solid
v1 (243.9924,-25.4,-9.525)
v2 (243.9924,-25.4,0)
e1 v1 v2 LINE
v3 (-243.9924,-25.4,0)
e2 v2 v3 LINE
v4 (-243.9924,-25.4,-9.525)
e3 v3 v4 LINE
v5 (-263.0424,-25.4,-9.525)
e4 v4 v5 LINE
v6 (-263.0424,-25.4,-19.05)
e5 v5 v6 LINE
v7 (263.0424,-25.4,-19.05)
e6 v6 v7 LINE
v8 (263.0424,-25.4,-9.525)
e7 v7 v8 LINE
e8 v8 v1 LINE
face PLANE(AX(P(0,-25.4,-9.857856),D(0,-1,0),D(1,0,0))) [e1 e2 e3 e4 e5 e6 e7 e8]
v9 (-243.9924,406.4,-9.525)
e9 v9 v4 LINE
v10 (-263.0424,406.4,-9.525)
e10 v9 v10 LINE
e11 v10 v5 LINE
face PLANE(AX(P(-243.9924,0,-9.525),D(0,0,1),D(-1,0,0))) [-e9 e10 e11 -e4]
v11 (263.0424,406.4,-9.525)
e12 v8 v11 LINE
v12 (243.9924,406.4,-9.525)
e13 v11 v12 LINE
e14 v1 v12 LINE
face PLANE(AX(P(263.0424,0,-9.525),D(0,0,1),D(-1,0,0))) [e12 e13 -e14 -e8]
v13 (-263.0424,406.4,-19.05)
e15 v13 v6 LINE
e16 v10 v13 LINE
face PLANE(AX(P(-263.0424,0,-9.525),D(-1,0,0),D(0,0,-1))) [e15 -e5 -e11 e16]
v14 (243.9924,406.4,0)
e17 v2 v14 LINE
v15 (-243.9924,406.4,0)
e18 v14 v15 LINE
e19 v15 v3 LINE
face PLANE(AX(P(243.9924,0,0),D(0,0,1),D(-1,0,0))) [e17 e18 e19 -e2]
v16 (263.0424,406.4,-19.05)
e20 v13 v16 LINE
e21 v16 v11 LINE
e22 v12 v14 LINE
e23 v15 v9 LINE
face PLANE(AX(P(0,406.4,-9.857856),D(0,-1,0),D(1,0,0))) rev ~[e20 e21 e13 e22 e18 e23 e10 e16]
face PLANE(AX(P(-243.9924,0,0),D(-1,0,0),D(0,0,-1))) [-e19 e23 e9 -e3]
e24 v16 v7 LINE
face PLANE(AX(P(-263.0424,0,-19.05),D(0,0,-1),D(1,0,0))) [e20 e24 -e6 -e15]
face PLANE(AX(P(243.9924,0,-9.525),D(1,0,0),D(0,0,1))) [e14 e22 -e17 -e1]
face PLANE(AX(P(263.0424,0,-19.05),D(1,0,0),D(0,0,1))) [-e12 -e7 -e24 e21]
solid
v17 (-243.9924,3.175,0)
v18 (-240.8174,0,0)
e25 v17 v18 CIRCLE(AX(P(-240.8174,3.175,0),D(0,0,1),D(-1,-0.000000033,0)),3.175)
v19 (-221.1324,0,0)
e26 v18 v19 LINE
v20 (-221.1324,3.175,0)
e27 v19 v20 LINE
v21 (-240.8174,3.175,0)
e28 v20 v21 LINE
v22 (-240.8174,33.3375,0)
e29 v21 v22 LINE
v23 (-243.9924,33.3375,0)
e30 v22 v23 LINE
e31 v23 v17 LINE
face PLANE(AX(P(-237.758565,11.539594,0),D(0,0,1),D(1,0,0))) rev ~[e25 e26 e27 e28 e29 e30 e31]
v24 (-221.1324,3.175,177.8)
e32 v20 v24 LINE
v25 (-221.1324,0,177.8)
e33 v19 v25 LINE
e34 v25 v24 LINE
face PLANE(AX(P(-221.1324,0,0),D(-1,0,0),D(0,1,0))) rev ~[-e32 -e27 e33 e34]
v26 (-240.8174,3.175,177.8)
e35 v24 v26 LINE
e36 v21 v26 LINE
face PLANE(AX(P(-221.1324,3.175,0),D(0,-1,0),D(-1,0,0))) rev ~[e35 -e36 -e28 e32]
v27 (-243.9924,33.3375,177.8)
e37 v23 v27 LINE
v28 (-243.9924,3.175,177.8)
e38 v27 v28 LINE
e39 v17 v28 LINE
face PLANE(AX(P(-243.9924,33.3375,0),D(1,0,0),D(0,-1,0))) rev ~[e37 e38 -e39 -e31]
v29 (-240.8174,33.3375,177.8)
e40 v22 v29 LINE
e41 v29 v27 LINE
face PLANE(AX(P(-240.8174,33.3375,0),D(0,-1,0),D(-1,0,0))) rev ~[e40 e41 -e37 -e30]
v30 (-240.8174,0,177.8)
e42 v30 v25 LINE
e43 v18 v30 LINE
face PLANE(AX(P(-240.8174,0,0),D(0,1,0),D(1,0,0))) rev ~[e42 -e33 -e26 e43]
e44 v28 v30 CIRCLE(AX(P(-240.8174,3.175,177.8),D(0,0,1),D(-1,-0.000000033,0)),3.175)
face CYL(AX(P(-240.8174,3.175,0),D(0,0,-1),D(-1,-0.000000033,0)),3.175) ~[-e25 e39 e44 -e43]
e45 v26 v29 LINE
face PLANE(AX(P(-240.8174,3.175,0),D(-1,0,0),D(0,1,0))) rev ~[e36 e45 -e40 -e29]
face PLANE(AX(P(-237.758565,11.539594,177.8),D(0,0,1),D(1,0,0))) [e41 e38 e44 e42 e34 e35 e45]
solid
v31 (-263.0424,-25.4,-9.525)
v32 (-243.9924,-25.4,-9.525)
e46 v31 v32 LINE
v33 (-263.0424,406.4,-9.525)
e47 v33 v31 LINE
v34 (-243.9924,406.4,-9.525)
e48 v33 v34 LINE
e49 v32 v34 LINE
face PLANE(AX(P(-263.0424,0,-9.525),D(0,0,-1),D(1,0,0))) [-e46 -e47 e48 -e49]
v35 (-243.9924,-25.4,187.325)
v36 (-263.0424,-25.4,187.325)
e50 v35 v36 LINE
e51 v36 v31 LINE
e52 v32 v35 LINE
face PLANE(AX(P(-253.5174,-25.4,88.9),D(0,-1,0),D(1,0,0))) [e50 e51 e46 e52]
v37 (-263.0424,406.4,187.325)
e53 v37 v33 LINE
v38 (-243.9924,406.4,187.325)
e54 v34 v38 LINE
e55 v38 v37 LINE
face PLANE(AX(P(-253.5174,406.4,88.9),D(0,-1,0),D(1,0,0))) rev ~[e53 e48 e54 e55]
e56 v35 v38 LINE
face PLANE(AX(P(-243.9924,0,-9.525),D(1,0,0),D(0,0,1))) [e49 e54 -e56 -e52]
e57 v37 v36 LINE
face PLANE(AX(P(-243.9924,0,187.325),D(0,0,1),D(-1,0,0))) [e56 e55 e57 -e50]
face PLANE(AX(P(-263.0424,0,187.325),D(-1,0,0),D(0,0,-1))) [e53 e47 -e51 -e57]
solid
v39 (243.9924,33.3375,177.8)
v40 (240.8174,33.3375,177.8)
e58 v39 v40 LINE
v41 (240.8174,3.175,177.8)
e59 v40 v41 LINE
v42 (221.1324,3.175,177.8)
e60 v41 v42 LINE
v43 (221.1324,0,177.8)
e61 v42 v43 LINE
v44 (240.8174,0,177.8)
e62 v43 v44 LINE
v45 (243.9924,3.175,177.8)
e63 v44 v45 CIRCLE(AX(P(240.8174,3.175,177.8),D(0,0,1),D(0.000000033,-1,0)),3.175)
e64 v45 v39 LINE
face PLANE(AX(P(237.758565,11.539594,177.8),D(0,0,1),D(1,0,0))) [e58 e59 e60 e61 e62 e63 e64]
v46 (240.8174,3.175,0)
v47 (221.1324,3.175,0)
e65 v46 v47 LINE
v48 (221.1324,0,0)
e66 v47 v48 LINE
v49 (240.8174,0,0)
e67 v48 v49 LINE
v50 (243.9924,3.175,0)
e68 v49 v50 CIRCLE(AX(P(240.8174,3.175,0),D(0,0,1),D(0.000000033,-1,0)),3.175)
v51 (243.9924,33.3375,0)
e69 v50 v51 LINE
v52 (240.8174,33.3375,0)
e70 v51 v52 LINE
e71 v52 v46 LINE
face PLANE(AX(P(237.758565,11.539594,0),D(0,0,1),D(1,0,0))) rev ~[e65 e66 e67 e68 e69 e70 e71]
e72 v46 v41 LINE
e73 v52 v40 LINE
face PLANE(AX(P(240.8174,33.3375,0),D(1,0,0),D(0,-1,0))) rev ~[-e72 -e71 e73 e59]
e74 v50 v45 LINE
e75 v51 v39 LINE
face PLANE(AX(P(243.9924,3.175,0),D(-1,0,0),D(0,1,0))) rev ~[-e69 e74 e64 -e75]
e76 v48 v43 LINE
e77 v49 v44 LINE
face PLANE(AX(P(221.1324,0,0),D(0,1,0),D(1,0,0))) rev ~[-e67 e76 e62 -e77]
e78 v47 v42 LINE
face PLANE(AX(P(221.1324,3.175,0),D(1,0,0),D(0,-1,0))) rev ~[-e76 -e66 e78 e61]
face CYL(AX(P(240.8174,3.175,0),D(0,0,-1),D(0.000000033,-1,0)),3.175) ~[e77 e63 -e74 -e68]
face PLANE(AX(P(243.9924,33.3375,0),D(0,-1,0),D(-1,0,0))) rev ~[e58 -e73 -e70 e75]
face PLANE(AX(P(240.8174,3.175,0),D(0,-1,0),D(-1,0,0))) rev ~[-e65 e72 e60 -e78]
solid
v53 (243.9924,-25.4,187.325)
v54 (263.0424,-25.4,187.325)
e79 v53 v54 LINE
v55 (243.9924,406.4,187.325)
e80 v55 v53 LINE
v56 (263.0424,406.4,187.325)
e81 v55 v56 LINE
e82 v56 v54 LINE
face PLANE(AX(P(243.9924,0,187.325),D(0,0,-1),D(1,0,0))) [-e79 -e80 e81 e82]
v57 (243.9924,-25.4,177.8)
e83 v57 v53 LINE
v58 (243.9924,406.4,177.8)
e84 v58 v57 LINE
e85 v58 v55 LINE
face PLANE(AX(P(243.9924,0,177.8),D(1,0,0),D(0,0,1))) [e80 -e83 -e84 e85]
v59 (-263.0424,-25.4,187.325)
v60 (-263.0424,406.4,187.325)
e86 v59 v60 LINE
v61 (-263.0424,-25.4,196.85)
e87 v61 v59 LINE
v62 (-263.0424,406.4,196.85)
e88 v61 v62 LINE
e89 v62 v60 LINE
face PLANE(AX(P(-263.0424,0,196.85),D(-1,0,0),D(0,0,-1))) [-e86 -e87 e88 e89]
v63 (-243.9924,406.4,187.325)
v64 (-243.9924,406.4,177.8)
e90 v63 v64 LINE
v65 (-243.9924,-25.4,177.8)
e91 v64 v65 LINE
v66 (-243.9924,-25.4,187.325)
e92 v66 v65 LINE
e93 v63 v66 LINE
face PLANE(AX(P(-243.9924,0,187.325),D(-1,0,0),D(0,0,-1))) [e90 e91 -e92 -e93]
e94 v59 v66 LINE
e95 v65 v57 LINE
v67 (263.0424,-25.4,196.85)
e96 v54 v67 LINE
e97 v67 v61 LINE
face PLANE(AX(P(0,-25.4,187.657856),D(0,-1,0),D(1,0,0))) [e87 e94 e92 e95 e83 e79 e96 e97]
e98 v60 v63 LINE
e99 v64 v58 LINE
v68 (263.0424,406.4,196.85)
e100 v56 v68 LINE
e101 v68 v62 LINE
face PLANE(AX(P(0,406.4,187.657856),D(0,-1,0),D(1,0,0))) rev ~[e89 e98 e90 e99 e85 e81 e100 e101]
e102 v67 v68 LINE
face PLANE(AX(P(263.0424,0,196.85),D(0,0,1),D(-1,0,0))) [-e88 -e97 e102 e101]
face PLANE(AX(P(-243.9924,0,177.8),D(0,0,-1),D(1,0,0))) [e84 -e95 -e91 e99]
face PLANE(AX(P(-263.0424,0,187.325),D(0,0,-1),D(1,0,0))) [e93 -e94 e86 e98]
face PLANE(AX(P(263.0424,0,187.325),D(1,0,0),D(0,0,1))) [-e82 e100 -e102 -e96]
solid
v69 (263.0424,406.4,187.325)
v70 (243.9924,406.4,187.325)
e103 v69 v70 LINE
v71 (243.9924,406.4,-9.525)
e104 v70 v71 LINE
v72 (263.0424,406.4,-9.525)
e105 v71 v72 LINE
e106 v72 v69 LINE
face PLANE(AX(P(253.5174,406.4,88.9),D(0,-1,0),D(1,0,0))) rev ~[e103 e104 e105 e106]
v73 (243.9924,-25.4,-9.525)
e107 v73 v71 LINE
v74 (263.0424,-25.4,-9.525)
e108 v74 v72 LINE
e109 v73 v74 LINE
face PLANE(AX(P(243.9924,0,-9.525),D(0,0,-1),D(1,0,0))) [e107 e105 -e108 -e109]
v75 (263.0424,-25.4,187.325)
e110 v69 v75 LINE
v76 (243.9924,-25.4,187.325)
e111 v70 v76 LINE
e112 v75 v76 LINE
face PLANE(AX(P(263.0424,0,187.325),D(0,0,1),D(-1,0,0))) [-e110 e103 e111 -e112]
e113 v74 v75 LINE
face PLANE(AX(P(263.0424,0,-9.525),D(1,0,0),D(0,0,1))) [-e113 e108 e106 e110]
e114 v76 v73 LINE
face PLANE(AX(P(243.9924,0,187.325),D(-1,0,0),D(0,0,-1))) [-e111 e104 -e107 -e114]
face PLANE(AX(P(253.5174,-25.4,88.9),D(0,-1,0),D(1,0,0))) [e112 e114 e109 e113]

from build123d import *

# Parameters (mm, degrees)
F1_DEPTH      = 177.8
F3_DEPTH      = 25.4
F3_DEPTH_BACK = 406.4
F5_DEPTH      = 25.4
F5_DEPTH_BACK = 406.4


with BuildPart() as f1:
    # F0 (on Top) → F1 (new body)
    with BuildSketch(Plane.XY):
        with BuildLine():
            Line((-243.9924, 33.3375), (-243.9924, 3.175))
            ThreePointArc((-243.9924, 3.175), (-243.062464, 0.929936), (-240.8174, 0))
            Line((-240.8174, 0), (-221.1324, 0))
            Line((-221.1324, 0), (-221.1324, 3.175))
            Line((-221.1324, 3.175), (-240.8174, 3.175))
            Line((-240.8174, 3.175), (-240.8174, 33.3375))
            Line((-240.8174, 33.3375), (-243.9924, 33.3375))
        make_face()
        with BuildLine():
            ThreePointArc((240.8174, 0), (243.062464, 0.929936), (243.9924, 3.175))
            Line((243.9924, 3.175), (243.9924, 33.3375))
            Line((243.9924, 33.3375), (240.8174, 33.3375))
            Line((240.8174, 33.3375), (240.8174, 3.175))
            Line((240.8174, 3.175), (221.1324, 3.175))
            Line((221.1324, 3.175), (221.1324, 0))
            Line((221.1324, 0), (240.8174, 0))
        make_face()
    extrude(amount=F1_DEPTH)


with BuildPart() as f3:
    # F2 (on Front) → F3 (new body, two sides)
    with BuildSketch(Plane.XZ) as f3_sk:
        Polygon((-243.9924, 0), (-243.9924, 177.8), (-243.9924, 187.325), (-263.0424, 187.325), (-263.0424, 177.8), (-263.0424, 0), (-263.0424, -9.525), (-243.9924, -9.525), align=None)
        Polygon((263.0424, -9.525), (263.0424, 0), (263.0424, 177.8), (263.0424, 187.325), (243.9924, 187.325), (243.9924, 177.8), (243.9924, 0), (243.9924, -9.525), align=None)
    extrude(amount=F3_DEPTH)
    extrude(f3_sk.sketch, amount=-F3_DEPTH_BACK)


with BuildPart() as f5:
    # F4 (on Front) → F5 (new body, two sides)
    with BuildSketch(Plane.XZ) as f5_sk:
        Polygon((243.9924, 0), (-243.9924, 0), (-243.9924, -9.525), (-263.0424, -9.525), (-263.0424, -19.05), (263.0424, -19.05), (263.0424, -9.525), (243.9924, -9.525), align=None)
        Polygon((-263.0424, 187.325), (-243.9924, 187.325), (-243.9924, 177.8), (243.9924, 177.8), (243.9924, 187.325), (263.0424, 187.325), (263.0424, 196.85), (-263.0424, 196.85), align=None)
    extrude(amount=F5_DEPTH)
    extrude(f5_sk.sketch, amount=-F5_DEPTH_BACK)


solid = Compound([f1.part, f3.part, f5.part])
